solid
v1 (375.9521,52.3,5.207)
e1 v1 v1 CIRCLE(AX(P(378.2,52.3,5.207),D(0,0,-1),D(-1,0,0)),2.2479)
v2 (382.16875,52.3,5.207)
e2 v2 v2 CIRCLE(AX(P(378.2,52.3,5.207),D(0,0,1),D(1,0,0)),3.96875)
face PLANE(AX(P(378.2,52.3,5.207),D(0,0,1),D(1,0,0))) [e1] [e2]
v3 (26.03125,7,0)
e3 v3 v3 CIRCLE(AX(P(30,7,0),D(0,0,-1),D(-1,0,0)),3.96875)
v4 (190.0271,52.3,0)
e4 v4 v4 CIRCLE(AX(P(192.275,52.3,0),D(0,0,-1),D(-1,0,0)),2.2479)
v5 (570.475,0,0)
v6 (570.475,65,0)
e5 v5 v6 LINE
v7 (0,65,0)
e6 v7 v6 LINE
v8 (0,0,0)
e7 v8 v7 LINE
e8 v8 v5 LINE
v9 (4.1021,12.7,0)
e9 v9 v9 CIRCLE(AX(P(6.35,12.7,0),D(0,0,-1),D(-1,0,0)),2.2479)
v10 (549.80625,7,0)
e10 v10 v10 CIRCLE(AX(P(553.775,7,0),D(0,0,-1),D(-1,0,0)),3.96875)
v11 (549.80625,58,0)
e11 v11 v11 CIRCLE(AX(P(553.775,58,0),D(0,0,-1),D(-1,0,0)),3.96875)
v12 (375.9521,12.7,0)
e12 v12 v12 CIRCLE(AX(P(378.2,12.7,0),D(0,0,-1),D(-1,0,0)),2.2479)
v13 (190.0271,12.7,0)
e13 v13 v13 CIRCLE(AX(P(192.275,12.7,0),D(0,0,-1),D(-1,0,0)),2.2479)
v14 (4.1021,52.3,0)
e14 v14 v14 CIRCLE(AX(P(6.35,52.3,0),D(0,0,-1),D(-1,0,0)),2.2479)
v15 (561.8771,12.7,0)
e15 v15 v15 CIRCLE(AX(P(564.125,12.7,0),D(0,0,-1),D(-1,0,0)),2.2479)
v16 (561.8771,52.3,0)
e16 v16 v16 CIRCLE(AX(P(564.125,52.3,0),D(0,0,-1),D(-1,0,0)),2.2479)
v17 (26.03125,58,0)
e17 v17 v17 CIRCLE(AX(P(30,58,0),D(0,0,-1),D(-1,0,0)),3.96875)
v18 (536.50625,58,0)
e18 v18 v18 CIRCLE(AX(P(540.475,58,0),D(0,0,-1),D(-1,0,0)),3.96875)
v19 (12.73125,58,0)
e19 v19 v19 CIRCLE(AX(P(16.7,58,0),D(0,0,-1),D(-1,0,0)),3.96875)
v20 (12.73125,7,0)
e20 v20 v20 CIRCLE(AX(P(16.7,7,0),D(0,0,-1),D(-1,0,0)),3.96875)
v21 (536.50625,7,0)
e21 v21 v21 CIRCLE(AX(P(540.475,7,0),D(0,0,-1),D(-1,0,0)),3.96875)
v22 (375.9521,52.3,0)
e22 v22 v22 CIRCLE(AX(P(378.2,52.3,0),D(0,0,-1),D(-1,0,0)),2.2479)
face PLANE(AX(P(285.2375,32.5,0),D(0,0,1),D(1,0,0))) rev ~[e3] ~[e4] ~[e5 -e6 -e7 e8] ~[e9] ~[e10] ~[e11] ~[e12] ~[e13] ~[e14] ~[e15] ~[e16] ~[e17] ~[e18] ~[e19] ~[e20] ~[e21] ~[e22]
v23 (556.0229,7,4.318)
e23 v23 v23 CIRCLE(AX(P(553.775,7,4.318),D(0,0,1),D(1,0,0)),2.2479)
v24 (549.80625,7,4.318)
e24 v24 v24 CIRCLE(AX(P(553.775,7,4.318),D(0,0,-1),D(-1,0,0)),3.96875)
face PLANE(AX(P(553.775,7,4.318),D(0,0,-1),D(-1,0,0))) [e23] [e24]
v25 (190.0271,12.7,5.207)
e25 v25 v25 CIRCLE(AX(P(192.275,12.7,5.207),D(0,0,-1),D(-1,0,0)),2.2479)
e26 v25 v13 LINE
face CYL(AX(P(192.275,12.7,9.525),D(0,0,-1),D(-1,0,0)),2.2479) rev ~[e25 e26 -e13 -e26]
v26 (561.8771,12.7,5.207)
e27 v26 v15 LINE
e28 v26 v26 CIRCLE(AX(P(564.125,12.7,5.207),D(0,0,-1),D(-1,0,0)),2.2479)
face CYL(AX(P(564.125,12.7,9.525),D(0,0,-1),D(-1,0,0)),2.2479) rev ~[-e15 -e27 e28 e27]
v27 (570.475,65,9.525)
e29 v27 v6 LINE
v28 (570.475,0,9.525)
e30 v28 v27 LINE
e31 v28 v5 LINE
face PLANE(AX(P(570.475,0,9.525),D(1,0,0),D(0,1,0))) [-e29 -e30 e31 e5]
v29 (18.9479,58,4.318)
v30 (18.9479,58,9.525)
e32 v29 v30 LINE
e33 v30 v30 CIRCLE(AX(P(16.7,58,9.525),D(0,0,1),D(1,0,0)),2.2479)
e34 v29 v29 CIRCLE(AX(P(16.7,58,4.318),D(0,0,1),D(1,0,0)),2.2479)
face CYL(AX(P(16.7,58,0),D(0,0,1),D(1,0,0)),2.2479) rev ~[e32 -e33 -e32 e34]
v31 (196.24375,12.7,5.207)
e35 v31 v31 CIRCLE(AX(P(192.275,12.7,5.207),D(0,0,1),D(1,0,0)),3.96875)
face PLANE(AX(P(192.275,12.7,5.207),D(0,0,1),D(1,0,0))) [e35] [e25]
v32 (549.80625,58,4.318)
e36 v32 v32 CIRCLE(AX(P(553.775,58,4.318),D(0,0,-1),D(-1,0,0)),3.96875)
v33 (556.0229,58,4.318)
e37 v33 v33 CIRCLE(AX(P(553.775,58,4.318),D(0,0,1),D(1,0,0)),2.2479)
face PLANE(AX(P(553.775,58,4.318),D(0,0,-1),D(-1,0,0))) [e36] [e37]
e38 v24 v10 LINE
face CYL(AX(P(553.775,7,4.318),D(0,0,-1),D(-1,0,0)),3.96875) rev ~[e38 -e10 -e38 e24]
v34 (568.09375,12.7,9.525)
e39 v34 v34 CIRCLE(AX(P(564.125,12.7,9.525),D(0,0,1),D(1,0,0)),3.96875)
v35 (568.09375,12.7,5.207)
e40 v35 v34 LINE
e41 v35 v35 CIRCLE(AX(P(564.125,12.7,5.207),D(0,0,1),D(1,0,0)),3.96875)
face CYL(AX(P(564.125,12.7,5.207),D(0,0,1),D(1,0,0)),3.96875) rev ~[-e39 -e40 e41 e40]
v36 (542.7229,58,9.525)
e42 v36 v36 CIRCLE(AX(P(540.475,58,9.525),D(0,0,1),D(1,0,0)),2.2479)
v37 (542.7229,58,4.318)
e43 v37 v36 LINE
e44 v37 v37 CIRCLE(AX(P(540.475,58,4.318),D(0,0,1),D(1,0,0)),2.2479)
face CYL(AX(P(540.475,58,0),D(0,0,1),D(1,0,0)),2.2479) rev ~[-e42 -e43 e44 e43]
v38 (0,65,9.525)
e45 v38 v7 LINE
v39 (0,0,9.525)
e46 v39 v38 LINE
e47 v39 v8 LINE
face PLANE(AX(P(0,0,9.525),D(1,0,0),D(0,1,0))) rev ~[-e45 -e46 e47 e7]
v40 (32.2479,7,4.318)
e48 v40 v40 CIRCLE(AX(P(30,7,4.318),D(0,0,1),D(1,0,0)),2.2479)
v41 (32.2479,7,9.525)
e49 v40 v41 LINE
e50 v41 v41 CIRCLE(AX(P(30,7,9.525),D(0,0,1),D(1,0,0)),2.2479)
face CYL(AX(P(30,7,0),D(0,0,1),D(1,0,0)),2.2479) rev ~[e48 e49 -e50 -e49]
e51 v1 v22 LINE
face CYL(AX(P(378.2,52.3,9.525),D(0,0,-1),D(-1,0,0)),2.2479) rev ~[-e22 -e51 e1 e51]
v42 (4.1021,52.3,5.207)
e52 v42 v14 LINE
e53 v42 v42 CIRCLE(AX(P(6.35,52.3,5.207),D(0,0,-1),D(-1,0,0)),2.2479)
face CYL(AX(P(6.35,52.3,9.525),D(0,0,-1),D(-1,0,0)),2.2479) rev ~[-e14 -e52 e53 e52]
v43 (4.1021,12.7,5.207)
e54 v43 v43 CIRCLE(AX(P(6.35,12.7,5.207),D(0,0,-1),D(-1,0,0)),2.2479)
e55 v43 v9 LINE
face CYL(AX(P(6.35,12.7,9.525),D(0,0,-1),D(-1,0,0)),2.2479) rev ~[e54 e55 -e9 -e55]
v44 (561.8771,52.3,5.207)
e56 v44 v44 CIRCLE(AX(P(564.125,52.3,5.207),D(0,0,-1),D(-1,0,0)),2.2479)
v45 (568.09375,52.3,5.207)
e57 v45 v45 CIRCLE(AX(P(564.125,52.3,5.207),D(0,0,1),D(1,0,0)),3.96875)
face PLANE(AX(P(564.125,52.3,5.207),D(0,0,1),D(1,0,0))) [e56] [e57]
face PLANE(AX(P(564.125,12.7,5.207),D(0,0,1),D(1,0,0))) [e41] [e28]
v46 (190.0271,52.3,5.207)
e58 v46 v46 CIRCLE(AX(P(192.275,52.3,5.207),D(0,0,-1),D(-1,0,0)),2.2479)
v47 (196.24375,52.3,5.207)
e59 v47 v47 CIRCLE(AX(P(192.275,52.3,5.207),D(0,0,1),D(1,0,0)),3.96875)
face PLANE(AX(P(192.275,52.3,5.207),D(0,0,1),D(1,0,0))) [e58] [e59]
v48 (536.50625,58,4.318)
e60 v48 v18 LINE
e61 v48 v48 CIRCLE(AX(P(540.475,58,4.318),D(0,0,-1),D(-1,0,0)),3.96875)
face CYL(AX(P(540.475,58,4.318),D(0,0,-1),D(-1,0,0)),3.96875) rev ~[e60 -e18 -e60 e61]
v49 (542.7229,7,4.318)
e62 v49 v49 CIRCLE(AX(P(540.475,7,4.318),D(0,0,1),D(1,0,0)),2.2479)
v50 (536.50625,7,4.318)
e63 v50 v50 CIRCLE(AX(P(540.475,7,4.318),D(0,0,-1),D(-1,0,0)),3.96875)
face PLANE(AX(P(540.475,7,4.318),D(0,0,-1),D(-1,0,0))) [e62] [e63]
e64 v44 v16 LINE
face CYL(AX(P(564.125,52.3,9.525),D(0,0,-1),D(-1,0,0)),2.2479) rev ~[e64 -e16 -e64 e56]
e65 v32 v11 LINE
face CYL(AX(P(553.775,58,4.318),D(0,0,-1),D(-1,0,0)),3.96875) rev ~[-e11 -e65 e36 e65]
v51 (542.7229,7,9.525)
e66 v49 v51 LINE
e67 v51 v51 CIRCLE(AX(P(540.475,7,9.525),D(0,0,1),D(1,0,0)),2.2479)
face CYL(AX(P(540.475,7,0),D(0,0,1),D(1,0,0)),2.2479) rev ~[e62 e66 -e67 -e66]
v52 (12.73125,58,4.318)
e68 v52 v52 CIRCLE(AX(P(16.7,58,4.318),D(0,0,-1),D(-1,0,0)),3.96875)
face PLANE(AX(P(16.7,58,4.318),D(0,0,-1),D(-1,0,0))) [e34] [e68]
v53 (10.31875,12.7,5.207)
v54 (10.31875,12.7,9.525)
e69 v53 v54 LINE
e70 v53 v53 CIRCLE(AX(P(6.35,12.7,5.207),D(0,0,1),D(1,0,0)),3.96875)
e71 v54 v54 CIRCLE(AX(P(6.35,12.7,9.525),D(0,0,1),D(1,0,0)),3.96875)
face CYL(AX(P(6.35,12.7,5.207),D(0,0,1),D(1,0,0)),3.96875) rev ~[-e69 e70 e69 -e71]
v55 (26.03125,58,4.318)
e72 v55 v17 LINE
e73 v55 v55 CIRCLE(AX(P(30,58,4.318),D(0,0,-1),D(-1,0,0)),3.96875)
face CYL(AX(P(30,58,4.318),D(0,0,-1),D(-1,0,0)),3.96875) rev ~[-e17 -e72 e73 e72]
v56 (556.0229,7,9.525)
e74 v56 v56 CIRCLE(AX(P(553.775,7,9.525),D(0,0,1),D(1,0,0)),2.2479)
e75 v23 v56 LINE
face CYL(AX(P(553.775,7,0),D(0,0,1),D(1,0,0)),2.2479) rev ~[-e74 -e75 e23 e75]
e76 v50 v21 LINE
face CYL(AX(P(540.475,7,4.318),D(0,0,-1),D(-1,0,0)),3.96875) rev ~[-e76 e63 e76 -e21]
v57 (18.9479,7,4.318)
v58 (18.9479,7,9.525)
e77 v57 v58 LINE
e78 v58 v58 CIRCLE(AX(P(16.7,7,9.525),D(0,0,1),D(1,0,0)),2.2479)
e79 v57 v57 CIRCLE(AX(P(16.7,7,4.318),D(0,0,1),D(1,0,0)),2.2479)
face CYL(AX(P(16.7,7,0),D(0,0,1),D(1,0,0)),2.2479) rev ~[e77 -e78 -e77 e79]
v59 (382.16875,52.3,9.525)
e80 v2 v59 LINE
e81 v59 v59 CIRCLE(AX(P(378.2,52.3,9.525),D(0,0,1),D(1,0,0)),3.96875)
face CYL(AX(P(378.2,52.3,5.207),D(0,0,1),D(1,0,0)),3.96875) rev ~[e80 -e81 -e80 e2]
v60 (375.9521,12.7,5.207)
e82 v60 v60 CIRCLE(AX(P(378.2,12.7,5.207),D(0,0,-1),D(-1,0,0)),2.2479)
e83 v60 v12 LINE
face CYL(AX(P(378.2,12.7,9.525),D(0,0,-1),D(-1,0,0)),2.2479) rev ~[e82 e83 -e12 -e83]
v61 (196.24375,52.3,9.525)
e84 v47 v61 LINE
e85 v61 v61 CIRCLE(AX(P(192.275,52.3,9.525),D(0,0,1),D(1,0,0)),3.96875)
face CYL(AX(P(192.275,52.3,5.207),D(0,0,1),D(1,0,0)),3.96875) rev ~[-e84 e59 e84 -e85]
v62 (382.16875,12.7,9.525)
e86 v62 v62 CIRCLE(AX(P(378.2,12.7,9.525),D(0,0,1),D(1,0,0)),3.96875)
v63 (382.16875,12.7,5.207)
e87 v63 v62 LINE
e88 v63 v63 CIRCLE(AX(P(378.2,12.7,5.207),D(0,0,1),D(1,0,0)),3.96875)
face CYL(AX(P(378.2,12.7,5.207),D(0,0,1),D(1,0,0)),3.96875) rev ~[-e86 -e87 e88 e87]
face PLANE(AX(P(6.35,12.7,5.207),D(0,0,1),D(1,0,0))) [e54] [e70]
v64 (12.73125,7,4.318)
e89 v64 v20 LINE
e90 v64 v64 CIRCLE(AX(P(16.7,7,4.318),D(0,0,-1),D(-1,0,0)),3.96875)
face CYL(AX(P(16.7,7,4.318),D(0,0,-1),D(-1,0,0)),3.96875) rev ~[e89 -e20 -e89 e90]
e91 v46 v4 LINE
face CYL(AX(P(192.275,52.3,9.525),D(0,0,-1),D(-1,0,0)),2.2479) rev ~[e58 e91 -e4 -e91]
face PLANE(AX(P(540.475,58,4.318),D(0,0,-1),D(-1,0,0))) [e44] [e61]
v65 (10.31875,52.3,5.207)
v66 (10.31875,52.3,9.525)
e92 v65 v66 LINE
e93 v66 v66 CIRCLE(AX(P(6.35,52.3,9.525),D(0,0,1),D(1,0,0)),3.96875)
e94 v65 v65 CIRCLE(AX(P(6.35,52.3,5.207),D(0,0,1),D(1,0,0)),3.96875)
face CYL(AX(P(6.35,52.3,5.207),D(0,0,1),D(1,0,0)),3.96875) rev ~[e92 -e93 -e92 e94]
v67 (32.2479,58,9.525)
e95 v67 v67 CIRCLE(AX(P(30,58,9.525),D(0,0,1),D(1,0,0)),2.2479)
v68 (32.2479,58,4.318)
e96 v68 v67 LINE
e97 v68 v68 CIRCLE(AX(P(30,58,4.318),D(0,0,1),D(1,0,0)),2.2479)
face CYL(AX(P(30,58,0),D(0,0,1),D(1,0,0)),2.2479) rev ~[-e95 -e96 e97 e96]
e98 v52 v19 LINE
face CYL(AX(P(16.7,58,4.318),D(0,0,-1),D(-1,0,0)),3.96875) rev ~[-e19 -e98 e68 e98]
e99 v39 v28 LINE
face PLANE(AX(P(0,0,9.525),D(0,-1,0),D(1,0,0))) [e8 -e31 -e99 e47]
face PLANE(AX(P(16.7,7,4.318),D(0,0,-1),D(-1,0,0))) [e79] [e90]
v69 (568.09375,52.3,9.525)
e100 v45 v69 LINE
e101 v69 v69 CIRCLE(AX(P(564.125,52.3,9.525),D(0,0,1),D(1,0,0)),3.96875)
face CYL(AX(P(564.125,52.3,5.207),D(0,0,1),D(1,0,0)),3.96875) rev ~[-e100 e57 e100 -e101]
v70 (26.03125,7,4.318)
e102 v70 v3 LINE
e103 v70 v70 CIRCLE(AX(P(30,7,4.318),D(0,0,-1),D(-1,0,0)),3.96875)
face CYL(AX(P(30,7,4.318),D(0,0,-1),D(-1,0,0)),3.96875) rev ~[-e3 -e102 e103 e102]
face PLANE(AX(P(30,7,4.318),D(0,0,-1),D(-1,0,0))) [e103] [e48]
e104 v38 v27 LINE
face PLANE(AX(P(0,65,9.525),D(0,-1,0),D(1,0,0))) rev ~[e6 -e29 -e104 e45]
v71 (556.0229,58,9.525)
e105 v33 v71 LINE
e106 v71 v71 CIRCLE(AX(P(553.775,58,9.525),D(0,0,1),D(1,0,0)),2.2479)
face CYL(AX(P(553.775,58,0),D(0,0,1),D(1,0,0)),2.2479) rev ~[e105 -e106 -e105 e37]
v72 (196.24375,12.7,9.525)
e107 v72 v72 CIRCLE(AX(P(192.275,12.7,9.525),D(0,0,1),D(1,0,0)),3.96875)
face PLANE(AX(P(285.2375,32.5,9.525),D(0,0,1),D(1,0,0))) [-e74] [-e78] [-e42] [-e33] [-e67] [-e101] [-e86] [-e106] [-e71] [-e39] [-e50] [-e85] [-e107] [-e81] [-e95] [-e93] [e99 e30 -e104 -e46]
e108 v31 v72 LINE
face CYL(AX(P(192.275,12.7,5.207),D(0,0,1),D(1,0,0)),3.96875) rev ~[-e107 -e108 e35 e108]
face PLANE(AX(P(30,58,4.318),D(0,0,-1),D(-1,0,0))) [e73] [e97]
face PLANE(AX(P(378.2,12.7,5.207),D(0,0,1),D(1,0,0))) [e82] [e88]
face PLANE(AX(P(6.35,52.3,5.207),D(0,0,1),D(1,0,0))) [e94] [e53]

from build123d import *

# Parameters (mm, degrees)
ESBO_O1_W                                            = 570.475
ESBO_O1_H                                            = 65
RESSALTO_EXTRUS_O1_DEPTH                             = 9.525
REBAIXO_PARA_PARAFUSO_DE_M_QUINA_DE_CABE_D           = 4.4958
REBAIXO_PARA_PARAFUSO_DE_M_QUINA_DE_CABE_DEPTH       = 9.525
REBAIXO_PARA_PARAFUSO_DE_M_QUINA_DE_CABE_CBORE_D     = 7.9375
REBAIXO_PARA_PARAFUSO_DE_M_QUINA_DE_CABE_CBORE_DEPTH = 4.318
REBAIXO_PARA_PARAFUSO_DE_M_QUINA_DE_2_D              = 4.4958
REBAIXO_PARA_PARAFUSO_DE_M_QUINA_DE_2_DEPTH          = 9.525
REBAIXO_PARA_PARAFUSO_DE_M_QUINA_DE_2_CBORE_D        = 7.9375
REBAIXO_PARA_PARAFUSO_DE_M_QUINA_DE_2_CBORE_DEPTH    = 4.318


with BuildPart() as part:
    # Esboço1 → Ressalto-extrusão1 (new body)
    with BuildSketch(Plane.XY.offset(9.525)):
        with Locations((285.2375, 32.5)):
            Rectangle(ESBO_O1_W, ESBO_O1_H)
    extrude(amount=-RESSALTO_EXTRUS_O1_DEPTH)

    # Rebaixo para parafuso de m_quina de cabe
    with Locations(Plane(origin=(0, 0, 0), x_dir=(-1, 0, 0), z_dir=(0, 0, -1))):
        with Locations((-30, 7), (-16.7, 7), (-16.7, 58), (-30, 58), (-540.475, 58), (-553.775, 58), (-553.775, 7), (-540.475, 7)):
            CounterBoreHole(REBAIXO_PARA_PARAFUSO_DE_M_QUINA_DE_CABE_D / 2, REBAIXO_PARA_PARAFUSO_DE_M_QUINA_DE_CABE_CBORE_D / 2, REBAIXO_PARA_PARAFUSO_DE_M_QUINA_DE_CABE_CBORE_DEPTH, depth=REBAIXO_PARA_PARAFUSO_DE_M_QUINA_DE_CABE_DEPTH)

    # Rebaixo para parafuso de m_quina de  2
    with Locations(Plane.XY.offset(9.525)):
        with Locations((6.35, 52.3), (6.35, 12.7), (192.275, 52.3), (192.275, 12.7), (378.2, 52.3), (378.2, 12.7), (564.125, 52.3), (564.125, 12.7)):
            CounterBoreHole(REBAIXO_PARA_PARAFUSO_DE_M_QUINA_DE_2_D / 2, REBAIXO_PARA_PARAFUSO_DE_M_QUINA_DE_2_CBORE_D / 2, REBAIXO_PARA_PARAFUSO_DE_M_QUINA_DE_2_CBORE_DEPTH, depth=REBAIXO_PARA_PARAFUSO_DE_M_QUINA_DE_2_DEPTH)


solid = part.part
